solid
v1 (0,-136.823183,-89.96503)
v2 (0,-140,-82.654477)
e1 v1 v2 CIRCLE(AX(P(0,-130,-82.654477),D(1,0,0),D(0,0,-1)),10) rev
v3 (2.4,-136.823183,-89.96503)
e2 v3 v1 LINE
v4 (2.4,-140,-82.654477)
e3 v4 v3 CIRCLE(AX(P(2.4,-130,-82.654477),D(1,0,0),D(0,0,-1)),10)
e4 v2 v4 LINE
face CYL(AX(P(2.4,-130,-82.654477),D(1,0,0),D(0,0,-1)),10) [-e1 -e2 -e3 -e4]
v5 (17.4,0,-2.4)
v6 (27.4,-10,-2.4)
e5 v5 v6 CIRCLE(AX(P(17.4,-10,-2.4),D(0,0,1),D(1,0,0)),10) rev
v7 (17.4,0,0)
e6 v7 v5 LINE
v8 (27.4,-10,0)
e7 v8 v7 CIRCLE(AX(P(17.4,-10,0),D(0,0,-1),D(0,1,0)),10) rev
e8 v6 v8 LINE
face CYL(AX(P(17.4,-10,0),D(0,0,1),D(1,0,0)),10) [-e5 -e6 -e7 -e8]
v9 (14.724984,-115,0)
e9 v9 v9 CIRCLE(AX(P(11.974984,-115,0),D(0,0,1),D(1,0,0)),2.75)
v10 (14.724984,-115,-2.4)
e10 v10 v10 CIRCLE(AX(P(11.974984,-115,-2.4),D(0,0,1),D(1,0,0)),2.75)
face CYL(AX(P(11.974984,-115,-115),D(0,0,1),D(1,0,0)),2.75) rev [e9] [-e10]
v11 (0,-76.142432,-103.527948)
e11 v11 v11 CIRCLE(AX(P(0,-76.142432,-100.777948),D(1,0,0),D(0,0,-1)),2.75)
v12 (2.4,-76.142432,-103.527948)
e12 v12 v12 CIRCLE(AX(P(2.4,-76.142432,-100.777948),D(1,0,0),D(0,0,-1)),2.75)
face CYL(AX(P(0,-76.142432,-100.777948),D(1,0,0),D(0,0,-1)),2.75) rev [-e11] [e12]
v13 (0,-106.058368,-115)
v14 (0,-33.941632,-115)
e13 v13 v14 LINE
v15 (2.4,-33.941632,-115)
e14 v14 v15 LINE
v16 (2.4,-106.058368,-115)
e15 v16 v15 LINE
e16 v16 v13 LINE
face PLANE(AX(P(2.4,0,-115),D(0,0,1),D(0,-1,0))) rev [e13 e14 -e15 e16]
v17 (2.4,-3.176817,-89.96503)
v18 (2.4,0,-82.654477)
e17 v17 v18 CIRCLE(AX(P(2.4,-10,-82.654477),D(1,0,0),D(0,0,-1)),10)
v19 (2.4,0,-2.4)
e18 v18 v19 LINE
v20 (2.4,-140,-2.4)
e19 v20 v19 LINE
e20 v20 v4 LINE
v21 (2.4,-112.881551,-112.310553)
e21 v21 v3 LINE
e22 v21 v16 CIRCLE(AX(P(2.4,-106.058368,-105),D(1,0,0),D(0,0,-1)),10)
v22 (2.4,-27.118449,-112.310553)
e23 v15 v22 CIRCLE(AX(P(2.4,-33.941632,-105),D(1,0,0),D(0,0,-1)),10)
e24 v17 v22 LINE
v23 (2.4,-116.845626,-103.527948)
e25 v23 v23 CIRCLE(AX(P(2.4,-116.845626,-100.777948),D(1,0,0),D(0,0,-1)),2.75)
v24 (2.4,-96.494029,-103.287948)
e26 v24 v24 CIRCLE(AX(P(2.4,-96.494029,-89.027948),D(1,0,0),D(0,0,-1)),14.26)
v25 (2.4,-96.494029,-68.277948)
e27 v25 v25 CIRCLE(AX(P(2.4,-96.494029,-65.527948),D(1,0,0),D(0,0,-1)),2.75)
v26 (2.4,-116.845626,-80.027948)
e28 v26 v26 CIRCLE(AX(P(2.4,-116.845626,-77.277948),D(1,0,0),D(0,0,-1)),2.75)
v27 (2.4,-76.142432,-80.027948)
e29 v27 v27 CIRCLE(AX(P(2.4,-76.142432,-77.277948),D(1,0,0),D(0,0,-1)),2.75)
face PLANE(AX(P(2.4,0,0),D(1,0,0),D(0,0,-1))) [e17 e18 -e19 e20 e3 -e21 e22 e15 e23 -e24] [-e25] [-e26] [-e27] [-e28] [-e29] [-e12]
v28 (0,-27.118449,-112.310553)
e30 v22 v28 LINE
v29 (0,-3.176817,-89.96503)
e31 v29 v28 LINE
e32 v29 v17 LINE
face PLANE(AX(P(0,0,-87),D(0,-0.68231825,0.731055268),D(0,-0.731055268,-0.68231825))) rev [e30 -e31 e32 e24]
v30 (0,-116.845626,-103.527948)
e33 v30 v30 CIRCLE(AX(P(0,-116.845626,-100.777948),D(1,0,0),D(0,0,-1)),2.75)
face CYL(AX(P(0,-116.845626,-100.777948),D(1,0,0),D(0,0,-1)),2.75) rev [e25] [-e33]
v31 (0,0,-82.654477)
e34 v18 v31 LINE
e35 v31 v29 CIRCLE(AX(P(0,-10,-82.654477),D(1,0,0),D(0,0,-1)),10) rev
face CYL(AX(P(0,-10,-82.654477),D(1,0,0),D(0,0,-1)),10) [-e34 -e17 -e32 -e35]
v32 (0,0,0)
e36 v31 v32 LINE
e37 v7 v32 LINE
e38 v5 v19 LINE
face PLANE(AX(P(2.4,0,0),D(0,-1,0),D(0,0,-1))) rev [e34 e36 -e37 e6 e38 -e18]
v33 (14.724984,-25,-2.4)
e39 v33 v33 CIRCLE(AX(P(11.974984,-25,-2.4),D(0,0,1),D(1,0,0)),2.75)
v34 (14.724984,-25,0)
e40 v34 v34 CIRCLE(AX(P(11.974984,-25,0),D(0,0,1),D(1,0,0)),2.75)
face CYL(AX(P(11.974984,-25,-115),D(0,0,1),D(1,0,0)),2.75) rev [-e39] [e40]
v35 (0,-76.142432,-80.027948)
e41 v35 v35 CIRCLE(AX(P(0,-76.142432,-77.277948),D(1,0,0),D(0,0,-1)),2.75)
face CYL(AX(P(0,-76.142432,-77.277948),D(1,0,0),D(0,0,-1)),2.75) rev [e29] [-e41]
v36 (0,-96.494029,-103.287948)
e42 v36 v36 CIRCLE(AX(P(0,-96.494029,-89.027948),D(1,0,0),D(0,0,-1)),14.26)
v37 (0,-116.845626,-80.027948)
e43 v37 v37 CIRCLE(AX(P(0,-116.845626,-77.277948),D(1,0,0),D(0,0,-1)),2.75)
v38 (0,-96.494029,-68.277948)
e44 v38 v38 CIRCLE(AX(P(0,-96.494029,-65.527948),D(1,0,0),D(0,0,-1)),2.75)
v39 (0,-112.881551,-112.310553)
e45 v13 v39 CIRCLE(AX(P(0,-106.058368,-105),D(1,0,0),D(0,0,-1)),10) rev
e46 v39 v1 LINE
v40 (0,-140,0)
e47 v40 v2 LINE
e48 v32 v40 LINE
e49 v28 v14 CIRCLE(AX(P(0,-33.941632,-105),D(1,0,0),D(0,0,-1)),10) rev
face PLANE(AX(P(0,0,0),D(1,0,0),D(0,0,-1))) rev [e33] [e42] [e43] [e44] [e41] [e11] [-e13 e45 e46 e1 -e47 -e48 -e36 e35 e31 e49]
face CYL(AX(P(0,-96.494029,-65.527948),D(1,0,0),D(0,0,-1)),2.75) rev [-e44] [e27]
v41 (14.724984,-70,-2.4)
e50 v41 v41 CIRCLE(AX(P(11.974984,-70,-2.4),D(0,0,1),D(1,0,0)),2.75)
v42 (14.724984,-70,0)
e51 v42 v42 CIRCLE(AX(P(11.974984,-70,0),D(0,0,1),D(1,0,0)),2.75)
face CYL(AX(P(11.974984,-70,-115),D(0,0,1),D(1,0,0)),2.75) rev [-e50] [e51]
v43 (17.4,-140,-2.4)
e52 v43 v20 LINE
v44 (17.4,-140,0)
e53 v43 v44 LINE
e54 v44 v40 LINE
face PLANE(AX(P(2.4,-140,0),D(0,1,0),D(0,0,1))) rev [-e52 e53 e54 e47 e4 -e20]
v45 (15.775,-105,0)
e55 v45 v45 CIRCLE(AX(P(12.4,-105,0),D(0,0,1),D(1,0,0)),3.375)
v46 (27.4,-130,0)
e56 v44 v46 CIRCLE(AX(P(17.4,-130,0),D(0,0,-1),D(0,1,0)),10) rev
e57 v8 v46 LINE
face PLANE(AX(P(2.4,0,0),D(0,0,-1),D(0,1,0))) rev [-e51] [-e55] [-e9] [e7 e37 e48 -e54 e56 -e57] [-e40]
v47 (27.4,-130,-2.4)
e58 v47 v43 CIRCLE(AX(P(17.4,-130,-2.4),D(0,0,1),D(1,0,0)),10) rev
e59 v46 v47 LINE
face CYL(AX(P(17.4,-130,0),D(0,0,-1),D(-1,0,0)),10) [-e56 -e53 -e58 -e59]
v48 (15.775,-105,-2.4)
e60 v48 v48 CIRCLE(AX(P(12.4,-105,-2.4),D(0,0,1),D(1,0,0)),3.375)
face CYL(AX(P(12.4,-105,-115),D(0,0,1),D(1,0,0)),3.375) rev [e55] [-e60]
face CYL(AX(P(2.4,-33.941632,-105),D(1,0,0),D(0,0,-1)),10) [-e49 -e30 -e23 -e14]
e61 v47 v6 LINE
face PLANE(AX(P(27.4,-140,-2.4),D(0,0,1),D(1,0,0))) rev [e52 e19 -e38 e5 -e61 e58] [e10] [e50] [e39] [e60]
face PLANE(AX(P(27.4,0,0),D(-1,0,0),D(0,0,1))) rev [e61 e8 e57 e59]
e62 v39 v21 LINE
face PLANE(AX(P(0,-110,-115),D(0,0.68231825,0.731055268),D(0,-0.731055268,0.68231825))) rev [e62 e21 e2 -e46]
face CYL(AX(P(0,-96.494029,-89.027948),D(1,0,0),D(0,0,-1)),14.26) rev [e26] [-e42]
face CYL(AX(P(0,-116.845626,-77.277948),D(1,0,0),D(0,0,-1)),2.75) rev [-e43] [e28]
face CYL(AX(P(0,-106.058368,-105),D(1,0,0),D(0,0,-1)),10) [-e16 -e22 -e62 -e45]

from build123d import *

# Parameters (mm, degrees)
SKETCH1_W           = 115
SKETCH1_H           = 140
BOSS_EXTRUDE1_DEPTH = 2.4
CUT_EXTRUDE1_DEPTH  = 3.4
FILLET1_R           = 10
SKETCH3_W           = 2.4
SKETCH3_H           = 140
BOSS_EXTRUDE2_DEPTH = 25
FILLET2_R           = 10
SKETCH4_R           = 2.75
CUT_EXTRUDE2_DEPTH  = 116
SKETCH5_R           = 14.26
SKETCH5_R_2         = 2.75
CUT_EXTRUDE3_DEPTH  = 3.4
SKETCH6_R           = 3.375
CUT_EXTRUDE4_DEPTH  = 116


with BuildPart() as part:
    # Sketch1 → Boss-Extrude1 (new body)
    with BuildSketch(Plane(origin=(0, 0, 0), x_dir=(0, 0, -1), z_dir=(1, 0, 0))):
        with Locations((57.5, -70)):
            Rectangle(SKETCH1_W, SKETCH1_H)
    extrude(amount=BOSS_EXTRUDE1_DEPTH)

    # Sketch2 → Cut-Extrude1 (cut, through all)
    with BuildSketch(Plane(origin=(2.4, 0, 0), x_dir=(0, 0, -1), z_dir=(1, 0, 0))):
        Polygon((87, 0), (115, -30), (142.616199658, -32.505405645), (142.616199658, 14.875556406), align=None)
        Polygon((115, -110), (87, -140), (87, -152.661109726), (136.310004643, -152.661109726), align=None)
    extrude(amount=-CUT_EXTRUDE1_DEPTH, mode=Mode.SUBTRACT)

    # Fillet1
    fillet1_edges = [part.edges().sort_by_distance(p)[0] for p in [
        (1.2, 0, -87),
        (1.2, -30, -115),
        (1.2, -110, -115),
        (1.2, -140, -87),
    ]]
    fillet(fillet1_edges, radius=FILLET1_R)

    # Sketch3 → Boss-Extrude2 (add)
    with BuildSketch(Plane(origin=(2.4, 0, 0), x_dir=(0, 0, -1), z_dir=(1, 0, 0))):
        with Locations((1.2, -70)):
            Rectangle(SKETCH3_W, SKETCH3_H)
    extrude(amount=BOSS_EXTRUDE2_DEPTH)

    # Fillet2
    fillet2_edges = [part.edges().sort_by_distance(p)[0] for p in [
        (27.4, -140, -1.2),
        (27.4, 0, -1.2),
    ]]
    fillet(fillet2_edges, radius=FILLET2_R)

    # Sketch4 → Cut-Extrude2 (cut, through all)
    with BuildSketch(Plane.XY):
        with Locations((11.974983581, -70)):
            Circle(SKETCH4_R)
        with Locations((11.974983581, -25)):
            Circle(SKETCH4_R)
        with Locations((11.974983581, -115)):
            Circle(SKETCH4_R)
    extrude(amount=-CUT_EXTRUDE2_DEPTH, mode=Mode.SUBTRACT)

    # Sketch5 → Cut-Extrude3 (cut, through all)
    with BuildSketch(Plane(origin=(2.4, 0, 0), x_dir=(0, 0, -1), z_dir=(1, 0, 0))):
        with Locations((89.027947804, -96.494029199)):
            Circle(SKETCH5_R)
        with Locations((77.277947804, -76.14243221)):
            Circle(SKETCH5_R_2)
        with Locations((100.777947804, -76.14243221)):
            Circle(SKETCH5_R_2)
        with Locations((100.777947804, -116.845626188)):
            Circle(SKETCH5_R_2)
        with Locations((77.277947804, -116.845626188)):
            Circle(SKETCH5_R_2)
        with Locations((65.527947804, -96.494029199)):
            Circle(SKETCH5_R_2)
    extrude(amount=-CUT_EXTRUDE3_DEPTH, mode=Mode.SUBTRACT)

    # Sketch6 → Cut-Extrude4 (cut, through all)
    with BuildSketch(Plane.XY):
        with Locations((12.4, -105)):
            Circle(SKETCH6_R)
    extrude(amount=-CUT_EXTRUDE4_DEPTH, mode=Mode.SUBTRACT)


solid = part.part
